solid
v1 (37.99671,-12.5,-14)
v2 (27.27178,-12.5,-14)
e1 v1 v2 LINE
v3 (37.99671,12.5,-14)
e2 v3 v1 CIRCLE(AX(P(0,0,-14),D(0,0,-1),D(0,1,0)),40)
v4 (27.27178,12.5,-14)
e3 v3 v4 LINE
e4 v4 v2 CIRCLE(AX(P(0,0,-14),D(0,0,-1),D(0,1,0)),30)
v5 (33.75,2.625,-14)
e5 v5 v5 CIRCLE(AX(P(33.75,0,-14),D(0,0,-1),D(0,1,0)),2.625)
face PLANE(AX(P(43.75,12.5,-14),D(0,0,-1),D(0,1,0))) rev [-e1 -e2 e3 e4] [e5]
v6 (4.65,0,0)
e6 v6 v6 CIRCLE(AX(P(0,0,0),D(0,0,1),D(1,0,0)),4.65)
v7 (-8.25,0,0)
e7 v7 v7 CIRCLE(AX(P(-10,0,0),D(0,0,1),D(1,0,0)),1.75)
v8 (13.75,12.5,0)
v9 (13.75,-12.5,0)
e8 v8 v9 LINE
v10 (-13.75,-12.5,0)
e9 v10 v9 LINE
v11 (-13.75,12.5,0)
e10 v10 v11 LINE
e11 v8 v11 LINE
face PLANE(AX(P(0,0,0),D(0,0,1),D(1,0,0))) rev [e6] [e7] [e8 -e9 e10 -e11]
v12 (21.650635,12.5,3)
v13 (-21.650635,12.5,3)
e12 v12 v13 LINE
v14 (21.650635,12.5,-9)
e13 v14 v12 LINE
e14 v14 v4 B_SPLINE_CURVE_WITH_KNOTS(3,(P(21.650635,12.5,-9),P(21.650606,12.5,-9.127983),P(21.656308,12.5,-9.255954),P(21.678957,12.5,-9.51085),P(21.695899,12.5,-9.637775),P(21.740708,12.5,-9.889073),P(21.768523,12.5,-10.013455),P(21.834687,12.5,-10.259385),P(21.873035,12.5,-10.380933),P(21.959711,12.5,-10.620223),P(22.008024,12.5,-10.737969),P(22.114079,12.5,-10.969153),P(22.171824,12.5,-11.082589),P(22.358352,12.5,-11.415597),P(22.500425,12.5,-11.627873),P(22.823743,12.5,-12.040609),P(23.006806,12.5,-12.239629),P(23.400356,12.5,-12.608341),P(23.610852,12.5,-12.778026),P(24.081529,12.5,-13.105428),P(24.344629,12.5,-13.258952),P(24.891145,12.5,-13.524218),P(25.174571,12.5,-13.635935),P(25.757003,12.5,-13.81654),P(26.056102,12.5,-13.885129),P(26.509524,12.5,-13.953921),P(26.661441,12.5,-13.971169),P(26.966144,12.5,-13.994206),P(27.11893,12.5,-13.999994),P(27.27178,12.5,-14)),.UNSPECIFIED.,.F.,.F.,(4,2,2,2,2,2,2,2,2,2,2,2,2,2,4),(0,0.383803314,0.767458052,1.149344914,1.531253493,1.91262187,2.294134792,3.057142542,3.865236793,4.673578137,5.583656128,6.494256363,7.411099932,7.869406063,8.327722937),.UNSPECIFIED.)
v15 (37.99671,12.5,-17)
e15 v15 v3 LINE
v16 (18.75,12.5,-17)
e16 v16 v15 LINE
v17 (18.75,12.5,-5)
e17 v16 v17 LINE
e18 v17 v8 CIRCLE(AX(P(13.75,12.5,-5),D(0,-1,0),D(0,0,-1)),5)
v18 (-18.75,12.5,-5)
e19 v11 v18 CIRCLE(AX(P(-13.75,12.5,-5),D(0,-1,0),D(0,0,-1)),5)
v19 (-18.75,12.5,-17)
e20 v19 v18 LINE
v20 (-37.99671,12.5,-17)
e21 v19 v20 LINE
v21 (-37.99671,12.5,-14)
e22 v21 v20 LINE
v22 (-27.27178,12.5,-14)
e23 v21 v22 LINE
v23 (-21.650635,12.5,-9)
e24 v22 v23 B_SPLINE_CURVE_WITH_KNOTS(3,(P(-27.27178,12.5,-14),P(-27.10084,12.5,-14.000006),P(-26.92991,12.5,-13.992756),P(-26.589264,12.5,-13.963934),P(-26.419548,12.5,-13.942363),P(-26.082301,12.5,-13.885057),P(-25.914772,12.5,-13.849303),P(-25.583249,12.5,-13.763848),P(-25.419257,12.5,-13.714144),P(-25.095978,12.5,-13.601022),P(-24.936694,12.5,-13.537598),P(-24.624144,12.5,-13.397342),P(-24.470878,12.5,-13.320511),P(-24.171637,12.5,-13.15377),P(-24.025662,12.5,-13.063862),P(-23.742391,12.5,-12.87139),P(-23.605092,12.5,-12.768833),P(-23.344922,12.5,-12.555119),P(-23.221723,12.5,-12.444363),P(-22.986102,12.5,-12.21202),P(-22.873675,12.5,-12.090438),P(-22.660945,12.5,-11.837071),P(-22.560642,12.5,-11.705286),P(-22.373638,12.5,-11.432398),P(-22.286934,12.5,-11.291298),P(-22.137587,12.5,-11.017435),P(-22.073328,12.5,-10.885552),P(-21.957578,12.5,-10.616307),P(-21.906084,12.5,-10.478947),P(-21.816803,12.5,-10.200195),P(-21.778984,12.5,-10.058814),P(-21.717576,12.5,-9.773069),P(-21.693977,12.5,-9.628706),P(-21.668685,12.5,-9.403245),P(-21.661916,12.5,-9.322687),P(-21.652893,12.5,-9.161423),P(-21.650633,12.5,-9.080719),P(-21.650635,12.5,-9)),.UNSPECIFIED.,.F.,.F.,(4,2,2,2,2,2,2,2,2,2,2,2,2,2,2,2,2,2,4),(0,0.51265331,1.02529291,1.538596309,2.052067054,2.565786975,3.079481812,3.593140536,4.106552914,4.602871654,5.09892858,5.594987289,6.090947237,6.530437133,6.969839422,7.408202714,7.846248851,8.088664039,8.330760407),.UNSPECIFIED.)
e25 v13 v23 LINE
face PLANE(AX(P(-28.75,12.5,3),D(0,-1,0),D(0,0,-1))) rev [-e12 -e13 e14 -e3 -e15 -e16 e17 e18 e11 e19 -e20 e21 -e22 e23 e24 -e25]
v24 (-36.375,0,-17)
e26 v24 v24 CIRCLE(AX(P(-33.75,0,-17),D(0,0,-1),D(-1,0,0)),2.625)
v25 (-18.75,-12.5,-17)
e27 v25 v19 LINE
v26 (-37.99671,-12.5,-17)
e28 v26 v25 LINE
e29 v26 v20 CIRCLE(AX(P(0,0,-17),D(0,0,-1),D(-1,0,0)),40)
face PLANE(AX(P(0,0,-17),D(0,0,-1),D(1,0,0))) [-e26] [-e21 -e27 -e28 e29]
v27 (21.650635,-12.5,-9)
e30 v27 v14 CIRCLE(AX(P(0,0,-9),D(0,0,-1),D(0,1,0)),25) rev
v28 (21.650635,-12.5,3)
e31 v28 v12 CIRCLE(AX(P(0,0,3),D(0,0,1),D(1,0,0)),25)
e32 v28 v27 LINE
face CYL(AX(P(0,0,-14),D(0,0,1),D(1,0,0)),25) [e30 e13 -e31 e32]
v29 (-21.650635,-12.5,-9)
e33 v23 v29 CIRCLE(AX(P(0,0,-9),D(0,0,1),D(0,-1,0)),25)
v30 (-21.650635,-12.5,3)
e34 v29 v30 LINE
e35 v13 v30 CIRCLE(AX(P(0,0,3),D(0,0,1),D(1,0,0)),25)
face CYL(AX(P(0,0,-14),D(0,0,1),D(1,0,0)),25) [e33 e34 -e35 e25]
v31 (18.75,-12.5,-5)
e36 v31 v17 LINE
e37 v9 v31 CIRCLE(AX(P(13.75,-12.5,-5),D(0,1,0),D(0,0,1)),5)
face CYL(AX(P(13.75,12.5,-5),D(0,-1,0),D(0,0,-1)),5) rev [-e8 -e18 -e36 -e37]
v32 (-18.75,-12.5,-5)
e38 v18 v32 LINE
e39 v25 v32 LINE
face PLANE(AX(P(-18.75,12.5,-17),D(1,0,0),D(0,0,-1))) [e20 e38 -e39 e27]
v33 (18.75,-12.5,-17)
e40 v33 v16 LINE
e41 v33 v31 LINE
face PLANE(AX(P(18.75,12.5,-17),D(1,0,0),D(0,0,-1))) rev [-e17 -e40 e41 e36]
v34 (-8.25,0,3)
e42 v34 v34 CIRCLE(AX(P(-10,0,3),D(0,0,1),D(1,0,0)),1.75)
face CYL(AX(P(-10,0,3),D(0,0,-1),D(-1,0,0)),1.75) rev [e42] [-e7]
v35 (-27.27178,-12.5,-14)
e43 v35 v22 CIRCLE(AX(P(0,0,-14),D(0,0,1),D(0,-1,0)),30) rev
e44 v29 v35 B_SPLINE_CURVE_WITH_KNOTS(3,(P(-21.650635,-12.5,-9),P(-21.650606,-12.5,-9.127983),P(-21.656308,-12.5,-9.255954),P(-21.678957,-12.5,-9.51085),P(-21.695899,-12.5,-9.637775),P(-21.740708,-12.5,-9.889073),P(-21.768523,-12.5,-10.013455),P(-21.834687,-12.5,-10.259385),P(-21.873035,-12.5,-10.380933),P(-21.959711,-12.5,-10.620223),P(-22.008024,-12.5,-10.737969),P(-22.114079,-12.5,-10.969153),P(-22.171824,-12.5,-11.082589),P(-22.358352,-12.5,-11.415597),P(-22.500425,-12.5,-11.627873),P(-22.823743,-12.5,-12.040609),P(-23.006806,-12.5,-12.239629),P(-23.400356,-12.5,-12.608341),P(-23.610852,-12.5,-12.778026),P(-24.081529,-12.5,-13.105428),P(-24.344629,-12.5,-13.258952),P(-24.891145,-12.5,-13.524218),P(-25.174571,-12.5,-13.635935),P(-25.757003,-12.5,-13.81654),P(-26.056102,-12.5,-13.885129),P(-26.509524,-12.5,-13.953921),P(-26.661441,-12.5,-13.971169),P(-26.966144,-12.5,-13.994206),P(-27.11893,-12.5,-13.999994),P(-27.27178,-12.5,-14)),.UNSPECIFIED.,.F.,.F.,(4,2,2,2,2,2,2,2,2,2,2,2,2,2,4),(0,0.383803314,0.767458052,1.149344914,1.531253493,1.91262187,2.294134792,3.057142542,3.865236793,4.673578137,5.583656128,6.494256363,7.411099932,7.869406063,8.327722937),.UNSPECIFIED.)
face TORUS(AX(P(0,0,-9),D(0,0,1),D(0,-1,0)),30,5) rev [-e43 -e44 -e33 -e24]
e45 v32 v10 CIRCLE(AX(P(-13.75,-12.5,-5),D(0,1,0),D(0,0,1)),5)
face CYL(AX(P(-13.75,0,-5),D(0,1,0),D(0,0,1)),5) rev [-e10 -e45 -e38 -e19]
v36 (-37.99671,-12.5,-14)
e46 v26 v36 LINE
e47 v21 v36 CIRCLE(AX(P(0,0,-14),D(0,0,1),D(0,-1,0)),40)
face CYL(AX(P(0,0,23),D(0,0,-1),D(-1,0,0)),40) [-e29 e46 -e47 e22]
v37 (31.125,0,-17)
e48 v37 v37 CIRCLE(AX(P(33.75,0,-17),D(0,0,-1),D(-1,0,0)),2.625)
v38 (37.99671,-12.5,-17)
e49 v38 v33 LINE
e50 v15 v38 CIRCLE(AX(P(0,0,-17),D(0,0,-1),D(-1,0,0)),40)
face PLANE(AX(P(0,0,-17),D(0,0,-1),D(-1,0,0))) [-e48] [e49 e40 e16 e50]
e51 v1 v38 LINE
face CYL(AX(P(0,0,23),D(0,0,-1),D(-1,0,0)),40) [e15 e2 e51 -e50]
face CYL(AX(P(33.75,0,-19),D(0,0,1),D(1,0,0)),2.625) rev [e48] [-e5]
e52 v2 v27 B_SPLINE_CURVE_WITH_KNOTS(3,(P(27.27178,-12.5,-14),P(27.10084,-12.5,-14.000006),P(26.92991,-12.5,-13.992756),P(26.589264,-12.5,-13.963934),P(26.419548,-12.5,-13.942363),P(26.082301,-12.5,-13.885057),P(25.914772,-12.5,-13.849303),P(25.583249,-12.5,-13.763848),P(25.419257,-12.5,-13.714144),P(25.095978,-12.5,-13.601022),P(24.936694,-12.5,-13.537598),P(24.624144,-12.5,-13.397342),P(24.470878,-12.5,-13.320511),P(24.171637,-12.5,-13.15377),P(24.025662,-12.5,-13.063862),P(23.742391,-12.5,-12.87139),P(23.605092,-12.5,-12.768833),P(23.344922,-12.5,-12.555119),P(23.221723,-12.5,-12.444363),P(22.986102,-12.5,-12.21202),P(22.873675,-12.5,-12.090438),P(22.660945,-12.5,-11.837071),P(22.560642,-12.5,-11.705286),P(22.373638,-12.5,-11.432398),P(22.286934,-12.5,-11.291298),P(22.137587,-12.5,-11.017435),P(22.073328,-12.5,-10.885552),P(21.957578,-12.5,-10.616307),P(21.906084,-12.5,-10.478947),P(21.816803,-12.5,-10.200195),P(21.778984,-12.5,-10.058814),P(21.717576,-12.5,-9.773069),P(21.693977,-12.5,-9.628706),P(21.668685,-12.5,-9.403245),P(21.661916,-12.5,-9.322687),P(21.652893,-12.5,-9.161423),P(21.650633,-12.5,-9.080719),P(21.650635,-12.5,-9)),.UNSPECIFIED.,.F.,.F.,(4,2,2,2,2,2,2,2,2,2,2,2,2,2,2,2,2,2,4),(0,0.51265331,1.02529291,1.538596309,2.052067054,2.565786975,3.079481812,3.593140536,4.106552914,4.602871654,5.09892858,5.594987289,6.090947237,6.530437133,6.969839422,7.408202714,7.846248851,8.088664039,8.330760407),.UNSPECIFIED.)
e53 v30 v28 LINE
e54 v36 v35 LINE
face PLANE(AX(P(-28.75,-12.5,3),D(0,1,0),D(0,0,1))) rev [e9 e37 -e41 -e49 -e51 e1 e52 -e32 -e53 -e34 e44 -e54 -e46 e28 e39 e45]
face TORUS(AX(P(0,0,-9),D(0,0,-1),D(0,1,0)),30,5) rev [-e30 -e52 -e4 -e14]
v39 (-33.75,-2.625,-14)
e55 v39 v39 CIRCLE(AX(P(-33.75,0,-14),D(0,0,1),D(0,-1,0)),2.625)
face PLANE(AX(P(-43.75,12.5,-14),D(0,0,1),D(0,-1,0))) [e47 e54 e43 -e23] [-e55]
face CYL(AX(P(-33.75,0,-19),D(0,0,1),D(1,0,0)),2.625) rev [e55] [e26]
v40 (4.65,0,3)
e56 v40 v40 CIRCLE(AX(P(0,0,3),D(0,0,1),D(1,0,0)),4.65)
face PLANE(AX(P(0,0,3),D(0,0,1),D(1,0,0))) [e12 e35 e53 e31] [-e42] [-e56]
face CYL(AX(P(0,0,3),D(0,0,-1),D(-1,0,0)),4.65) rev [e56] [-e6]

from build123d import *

# Parameters (mm, degrees)
SKETCH1_W           = 57.5
SKETCH1_H           = 25
SKETCH1_R           = 4.65
SKETCH1_R_2         = 1.75
BOSS_EXTRUDE1_DEPTH = 3
SKETCH2_W           = 10
SKETCH2_H           = 25
BOSS_EXTRUDE2_DEPTH = 17
SKETCH4_W           = 3
SKETCH4_H           = 25
BOSS_EXTRUDE3_DEPTH = 15
SKETCH8_R           = 69.668681809
SKETCH8_R_2         = 40
CUT_EXTRUDE3_DEPTH  = 40
SKETCH9_R           = 2.625
CUT_EXTRUDE4_DEPTH  = 5
SKETCH11_R          = 34.641133141
SKETCH11_R_2        = 25
CUT_EXTRUDE5_DEPTH  = 17
FILLET1_R           = 5


with BuildPart() as part:
    # Sketch1 → Boss-Extrude1 (new body)
    with BuildSketch(Plane.XY):
        Rectangle(SKETCH1_W, SKETCH1_H)
        Circle(SKETCH1_R, mode=Mode.SUBTRACT)
        with Locations((-10, 0)):
            Circle(SKETCH1_R_2, mode=Mode.SUBTRACT)
    extrude(amount=BOSS_EXTRUDE1_DEPTH)

    # Sketch2 → Boss-Extrude2 (add)
    with BuildSketch(Plane(origin=(0, 0, 0), x_dir=(-1, 0, 0), z_dir=(0, 0, -1))):
        with Locations((-23.75, 0)):
            Rectangle(SKETCH2_W, SKETCH2_H)
    boss_extrude2 = extrude(amount=BOSS_EXTRUDE2_DEPTH)

    # Sketch4 → Boss-Extrude3 (add)
    with BuildSketch(Plane(origin=(28.75, 0, 0), x_dir=(0, 0, -1), z_dir=(1, 0, 0))):
        with Locations((15.5, 0)):
            Rectangle(SKETCH4_W, SKETCH4_H)
    boss_extrude3 = extrude(amount=BOSS_EXTRUDE3_DEPTH)

    # Mirror2: Boss-Extrude2 across plane
    add(boss_extrude2.mirror(Plane(origin=(0, 0, 0), x_dir=(0, 0, 1), z_dir=(1, 0, 0))))

    # Mirror3: Boss-Extrude3 across plane
    add(boss_extrude3.mirror(Plane(origin=(0, 0, 0), x_dir=(0, 0, 1), z_dir=(1, 0, 0))))

    # Sketch8 → Cut-Extrude3 (cut)
    with BuildSketch(Plane(origin=(0, 0, -17), x_dir=(-1, 0, 0), z_dir=(0, 0, -1))):
        Circle(SKETCH8_R)
        Circle(SKETCH8_R_2, mode=Mode.SUBTRACT)
    extrude(amount=-CUT_EXTRUDE3_DEPTH, mode=Mode.SUBTRACT)

    # Sketch9 → Cut-Extrude4 (cut, symmetric)
    with BuildSketch(Plane.XY.offset(-14)):
        with Locations(Location((-33.75, 0, 0), (0, 0, 270))):
            Circle(SKETCH9_R)
        with Locations(Location((33.75, 0, 0), (0, 0, 90))):
            Circle(SKETCH9_R)
    extrude(amount=CUT_EXTRUDE4_DEPTH, both=True, mode=Mode.SUBTRACT)

    # Sketch11 → Cut-Extrude5 (cut)
    with BuildSketch(Plane.XY.offset(3)):
        Circle(SKETCH11_R)
        Circle(SKETCH11_R_2, mode=Mode.SUBTRACT)
    extrude(amount=-CUT_EXTRUDE5_DEPTH, mode=Mode.SUBTRACT)

    # Fillet1
    fillet1_edges = [part.edges().sort_by_distance(p)[0] for p in [
        (-25, 0, -14),
        (25, 0, -14),
        (18.75, 0, 0),
        (-18.75, 0, 0),
    ]]
    fillet(fillet1_edges, radius=FILLET1_R)


solid = part.part
